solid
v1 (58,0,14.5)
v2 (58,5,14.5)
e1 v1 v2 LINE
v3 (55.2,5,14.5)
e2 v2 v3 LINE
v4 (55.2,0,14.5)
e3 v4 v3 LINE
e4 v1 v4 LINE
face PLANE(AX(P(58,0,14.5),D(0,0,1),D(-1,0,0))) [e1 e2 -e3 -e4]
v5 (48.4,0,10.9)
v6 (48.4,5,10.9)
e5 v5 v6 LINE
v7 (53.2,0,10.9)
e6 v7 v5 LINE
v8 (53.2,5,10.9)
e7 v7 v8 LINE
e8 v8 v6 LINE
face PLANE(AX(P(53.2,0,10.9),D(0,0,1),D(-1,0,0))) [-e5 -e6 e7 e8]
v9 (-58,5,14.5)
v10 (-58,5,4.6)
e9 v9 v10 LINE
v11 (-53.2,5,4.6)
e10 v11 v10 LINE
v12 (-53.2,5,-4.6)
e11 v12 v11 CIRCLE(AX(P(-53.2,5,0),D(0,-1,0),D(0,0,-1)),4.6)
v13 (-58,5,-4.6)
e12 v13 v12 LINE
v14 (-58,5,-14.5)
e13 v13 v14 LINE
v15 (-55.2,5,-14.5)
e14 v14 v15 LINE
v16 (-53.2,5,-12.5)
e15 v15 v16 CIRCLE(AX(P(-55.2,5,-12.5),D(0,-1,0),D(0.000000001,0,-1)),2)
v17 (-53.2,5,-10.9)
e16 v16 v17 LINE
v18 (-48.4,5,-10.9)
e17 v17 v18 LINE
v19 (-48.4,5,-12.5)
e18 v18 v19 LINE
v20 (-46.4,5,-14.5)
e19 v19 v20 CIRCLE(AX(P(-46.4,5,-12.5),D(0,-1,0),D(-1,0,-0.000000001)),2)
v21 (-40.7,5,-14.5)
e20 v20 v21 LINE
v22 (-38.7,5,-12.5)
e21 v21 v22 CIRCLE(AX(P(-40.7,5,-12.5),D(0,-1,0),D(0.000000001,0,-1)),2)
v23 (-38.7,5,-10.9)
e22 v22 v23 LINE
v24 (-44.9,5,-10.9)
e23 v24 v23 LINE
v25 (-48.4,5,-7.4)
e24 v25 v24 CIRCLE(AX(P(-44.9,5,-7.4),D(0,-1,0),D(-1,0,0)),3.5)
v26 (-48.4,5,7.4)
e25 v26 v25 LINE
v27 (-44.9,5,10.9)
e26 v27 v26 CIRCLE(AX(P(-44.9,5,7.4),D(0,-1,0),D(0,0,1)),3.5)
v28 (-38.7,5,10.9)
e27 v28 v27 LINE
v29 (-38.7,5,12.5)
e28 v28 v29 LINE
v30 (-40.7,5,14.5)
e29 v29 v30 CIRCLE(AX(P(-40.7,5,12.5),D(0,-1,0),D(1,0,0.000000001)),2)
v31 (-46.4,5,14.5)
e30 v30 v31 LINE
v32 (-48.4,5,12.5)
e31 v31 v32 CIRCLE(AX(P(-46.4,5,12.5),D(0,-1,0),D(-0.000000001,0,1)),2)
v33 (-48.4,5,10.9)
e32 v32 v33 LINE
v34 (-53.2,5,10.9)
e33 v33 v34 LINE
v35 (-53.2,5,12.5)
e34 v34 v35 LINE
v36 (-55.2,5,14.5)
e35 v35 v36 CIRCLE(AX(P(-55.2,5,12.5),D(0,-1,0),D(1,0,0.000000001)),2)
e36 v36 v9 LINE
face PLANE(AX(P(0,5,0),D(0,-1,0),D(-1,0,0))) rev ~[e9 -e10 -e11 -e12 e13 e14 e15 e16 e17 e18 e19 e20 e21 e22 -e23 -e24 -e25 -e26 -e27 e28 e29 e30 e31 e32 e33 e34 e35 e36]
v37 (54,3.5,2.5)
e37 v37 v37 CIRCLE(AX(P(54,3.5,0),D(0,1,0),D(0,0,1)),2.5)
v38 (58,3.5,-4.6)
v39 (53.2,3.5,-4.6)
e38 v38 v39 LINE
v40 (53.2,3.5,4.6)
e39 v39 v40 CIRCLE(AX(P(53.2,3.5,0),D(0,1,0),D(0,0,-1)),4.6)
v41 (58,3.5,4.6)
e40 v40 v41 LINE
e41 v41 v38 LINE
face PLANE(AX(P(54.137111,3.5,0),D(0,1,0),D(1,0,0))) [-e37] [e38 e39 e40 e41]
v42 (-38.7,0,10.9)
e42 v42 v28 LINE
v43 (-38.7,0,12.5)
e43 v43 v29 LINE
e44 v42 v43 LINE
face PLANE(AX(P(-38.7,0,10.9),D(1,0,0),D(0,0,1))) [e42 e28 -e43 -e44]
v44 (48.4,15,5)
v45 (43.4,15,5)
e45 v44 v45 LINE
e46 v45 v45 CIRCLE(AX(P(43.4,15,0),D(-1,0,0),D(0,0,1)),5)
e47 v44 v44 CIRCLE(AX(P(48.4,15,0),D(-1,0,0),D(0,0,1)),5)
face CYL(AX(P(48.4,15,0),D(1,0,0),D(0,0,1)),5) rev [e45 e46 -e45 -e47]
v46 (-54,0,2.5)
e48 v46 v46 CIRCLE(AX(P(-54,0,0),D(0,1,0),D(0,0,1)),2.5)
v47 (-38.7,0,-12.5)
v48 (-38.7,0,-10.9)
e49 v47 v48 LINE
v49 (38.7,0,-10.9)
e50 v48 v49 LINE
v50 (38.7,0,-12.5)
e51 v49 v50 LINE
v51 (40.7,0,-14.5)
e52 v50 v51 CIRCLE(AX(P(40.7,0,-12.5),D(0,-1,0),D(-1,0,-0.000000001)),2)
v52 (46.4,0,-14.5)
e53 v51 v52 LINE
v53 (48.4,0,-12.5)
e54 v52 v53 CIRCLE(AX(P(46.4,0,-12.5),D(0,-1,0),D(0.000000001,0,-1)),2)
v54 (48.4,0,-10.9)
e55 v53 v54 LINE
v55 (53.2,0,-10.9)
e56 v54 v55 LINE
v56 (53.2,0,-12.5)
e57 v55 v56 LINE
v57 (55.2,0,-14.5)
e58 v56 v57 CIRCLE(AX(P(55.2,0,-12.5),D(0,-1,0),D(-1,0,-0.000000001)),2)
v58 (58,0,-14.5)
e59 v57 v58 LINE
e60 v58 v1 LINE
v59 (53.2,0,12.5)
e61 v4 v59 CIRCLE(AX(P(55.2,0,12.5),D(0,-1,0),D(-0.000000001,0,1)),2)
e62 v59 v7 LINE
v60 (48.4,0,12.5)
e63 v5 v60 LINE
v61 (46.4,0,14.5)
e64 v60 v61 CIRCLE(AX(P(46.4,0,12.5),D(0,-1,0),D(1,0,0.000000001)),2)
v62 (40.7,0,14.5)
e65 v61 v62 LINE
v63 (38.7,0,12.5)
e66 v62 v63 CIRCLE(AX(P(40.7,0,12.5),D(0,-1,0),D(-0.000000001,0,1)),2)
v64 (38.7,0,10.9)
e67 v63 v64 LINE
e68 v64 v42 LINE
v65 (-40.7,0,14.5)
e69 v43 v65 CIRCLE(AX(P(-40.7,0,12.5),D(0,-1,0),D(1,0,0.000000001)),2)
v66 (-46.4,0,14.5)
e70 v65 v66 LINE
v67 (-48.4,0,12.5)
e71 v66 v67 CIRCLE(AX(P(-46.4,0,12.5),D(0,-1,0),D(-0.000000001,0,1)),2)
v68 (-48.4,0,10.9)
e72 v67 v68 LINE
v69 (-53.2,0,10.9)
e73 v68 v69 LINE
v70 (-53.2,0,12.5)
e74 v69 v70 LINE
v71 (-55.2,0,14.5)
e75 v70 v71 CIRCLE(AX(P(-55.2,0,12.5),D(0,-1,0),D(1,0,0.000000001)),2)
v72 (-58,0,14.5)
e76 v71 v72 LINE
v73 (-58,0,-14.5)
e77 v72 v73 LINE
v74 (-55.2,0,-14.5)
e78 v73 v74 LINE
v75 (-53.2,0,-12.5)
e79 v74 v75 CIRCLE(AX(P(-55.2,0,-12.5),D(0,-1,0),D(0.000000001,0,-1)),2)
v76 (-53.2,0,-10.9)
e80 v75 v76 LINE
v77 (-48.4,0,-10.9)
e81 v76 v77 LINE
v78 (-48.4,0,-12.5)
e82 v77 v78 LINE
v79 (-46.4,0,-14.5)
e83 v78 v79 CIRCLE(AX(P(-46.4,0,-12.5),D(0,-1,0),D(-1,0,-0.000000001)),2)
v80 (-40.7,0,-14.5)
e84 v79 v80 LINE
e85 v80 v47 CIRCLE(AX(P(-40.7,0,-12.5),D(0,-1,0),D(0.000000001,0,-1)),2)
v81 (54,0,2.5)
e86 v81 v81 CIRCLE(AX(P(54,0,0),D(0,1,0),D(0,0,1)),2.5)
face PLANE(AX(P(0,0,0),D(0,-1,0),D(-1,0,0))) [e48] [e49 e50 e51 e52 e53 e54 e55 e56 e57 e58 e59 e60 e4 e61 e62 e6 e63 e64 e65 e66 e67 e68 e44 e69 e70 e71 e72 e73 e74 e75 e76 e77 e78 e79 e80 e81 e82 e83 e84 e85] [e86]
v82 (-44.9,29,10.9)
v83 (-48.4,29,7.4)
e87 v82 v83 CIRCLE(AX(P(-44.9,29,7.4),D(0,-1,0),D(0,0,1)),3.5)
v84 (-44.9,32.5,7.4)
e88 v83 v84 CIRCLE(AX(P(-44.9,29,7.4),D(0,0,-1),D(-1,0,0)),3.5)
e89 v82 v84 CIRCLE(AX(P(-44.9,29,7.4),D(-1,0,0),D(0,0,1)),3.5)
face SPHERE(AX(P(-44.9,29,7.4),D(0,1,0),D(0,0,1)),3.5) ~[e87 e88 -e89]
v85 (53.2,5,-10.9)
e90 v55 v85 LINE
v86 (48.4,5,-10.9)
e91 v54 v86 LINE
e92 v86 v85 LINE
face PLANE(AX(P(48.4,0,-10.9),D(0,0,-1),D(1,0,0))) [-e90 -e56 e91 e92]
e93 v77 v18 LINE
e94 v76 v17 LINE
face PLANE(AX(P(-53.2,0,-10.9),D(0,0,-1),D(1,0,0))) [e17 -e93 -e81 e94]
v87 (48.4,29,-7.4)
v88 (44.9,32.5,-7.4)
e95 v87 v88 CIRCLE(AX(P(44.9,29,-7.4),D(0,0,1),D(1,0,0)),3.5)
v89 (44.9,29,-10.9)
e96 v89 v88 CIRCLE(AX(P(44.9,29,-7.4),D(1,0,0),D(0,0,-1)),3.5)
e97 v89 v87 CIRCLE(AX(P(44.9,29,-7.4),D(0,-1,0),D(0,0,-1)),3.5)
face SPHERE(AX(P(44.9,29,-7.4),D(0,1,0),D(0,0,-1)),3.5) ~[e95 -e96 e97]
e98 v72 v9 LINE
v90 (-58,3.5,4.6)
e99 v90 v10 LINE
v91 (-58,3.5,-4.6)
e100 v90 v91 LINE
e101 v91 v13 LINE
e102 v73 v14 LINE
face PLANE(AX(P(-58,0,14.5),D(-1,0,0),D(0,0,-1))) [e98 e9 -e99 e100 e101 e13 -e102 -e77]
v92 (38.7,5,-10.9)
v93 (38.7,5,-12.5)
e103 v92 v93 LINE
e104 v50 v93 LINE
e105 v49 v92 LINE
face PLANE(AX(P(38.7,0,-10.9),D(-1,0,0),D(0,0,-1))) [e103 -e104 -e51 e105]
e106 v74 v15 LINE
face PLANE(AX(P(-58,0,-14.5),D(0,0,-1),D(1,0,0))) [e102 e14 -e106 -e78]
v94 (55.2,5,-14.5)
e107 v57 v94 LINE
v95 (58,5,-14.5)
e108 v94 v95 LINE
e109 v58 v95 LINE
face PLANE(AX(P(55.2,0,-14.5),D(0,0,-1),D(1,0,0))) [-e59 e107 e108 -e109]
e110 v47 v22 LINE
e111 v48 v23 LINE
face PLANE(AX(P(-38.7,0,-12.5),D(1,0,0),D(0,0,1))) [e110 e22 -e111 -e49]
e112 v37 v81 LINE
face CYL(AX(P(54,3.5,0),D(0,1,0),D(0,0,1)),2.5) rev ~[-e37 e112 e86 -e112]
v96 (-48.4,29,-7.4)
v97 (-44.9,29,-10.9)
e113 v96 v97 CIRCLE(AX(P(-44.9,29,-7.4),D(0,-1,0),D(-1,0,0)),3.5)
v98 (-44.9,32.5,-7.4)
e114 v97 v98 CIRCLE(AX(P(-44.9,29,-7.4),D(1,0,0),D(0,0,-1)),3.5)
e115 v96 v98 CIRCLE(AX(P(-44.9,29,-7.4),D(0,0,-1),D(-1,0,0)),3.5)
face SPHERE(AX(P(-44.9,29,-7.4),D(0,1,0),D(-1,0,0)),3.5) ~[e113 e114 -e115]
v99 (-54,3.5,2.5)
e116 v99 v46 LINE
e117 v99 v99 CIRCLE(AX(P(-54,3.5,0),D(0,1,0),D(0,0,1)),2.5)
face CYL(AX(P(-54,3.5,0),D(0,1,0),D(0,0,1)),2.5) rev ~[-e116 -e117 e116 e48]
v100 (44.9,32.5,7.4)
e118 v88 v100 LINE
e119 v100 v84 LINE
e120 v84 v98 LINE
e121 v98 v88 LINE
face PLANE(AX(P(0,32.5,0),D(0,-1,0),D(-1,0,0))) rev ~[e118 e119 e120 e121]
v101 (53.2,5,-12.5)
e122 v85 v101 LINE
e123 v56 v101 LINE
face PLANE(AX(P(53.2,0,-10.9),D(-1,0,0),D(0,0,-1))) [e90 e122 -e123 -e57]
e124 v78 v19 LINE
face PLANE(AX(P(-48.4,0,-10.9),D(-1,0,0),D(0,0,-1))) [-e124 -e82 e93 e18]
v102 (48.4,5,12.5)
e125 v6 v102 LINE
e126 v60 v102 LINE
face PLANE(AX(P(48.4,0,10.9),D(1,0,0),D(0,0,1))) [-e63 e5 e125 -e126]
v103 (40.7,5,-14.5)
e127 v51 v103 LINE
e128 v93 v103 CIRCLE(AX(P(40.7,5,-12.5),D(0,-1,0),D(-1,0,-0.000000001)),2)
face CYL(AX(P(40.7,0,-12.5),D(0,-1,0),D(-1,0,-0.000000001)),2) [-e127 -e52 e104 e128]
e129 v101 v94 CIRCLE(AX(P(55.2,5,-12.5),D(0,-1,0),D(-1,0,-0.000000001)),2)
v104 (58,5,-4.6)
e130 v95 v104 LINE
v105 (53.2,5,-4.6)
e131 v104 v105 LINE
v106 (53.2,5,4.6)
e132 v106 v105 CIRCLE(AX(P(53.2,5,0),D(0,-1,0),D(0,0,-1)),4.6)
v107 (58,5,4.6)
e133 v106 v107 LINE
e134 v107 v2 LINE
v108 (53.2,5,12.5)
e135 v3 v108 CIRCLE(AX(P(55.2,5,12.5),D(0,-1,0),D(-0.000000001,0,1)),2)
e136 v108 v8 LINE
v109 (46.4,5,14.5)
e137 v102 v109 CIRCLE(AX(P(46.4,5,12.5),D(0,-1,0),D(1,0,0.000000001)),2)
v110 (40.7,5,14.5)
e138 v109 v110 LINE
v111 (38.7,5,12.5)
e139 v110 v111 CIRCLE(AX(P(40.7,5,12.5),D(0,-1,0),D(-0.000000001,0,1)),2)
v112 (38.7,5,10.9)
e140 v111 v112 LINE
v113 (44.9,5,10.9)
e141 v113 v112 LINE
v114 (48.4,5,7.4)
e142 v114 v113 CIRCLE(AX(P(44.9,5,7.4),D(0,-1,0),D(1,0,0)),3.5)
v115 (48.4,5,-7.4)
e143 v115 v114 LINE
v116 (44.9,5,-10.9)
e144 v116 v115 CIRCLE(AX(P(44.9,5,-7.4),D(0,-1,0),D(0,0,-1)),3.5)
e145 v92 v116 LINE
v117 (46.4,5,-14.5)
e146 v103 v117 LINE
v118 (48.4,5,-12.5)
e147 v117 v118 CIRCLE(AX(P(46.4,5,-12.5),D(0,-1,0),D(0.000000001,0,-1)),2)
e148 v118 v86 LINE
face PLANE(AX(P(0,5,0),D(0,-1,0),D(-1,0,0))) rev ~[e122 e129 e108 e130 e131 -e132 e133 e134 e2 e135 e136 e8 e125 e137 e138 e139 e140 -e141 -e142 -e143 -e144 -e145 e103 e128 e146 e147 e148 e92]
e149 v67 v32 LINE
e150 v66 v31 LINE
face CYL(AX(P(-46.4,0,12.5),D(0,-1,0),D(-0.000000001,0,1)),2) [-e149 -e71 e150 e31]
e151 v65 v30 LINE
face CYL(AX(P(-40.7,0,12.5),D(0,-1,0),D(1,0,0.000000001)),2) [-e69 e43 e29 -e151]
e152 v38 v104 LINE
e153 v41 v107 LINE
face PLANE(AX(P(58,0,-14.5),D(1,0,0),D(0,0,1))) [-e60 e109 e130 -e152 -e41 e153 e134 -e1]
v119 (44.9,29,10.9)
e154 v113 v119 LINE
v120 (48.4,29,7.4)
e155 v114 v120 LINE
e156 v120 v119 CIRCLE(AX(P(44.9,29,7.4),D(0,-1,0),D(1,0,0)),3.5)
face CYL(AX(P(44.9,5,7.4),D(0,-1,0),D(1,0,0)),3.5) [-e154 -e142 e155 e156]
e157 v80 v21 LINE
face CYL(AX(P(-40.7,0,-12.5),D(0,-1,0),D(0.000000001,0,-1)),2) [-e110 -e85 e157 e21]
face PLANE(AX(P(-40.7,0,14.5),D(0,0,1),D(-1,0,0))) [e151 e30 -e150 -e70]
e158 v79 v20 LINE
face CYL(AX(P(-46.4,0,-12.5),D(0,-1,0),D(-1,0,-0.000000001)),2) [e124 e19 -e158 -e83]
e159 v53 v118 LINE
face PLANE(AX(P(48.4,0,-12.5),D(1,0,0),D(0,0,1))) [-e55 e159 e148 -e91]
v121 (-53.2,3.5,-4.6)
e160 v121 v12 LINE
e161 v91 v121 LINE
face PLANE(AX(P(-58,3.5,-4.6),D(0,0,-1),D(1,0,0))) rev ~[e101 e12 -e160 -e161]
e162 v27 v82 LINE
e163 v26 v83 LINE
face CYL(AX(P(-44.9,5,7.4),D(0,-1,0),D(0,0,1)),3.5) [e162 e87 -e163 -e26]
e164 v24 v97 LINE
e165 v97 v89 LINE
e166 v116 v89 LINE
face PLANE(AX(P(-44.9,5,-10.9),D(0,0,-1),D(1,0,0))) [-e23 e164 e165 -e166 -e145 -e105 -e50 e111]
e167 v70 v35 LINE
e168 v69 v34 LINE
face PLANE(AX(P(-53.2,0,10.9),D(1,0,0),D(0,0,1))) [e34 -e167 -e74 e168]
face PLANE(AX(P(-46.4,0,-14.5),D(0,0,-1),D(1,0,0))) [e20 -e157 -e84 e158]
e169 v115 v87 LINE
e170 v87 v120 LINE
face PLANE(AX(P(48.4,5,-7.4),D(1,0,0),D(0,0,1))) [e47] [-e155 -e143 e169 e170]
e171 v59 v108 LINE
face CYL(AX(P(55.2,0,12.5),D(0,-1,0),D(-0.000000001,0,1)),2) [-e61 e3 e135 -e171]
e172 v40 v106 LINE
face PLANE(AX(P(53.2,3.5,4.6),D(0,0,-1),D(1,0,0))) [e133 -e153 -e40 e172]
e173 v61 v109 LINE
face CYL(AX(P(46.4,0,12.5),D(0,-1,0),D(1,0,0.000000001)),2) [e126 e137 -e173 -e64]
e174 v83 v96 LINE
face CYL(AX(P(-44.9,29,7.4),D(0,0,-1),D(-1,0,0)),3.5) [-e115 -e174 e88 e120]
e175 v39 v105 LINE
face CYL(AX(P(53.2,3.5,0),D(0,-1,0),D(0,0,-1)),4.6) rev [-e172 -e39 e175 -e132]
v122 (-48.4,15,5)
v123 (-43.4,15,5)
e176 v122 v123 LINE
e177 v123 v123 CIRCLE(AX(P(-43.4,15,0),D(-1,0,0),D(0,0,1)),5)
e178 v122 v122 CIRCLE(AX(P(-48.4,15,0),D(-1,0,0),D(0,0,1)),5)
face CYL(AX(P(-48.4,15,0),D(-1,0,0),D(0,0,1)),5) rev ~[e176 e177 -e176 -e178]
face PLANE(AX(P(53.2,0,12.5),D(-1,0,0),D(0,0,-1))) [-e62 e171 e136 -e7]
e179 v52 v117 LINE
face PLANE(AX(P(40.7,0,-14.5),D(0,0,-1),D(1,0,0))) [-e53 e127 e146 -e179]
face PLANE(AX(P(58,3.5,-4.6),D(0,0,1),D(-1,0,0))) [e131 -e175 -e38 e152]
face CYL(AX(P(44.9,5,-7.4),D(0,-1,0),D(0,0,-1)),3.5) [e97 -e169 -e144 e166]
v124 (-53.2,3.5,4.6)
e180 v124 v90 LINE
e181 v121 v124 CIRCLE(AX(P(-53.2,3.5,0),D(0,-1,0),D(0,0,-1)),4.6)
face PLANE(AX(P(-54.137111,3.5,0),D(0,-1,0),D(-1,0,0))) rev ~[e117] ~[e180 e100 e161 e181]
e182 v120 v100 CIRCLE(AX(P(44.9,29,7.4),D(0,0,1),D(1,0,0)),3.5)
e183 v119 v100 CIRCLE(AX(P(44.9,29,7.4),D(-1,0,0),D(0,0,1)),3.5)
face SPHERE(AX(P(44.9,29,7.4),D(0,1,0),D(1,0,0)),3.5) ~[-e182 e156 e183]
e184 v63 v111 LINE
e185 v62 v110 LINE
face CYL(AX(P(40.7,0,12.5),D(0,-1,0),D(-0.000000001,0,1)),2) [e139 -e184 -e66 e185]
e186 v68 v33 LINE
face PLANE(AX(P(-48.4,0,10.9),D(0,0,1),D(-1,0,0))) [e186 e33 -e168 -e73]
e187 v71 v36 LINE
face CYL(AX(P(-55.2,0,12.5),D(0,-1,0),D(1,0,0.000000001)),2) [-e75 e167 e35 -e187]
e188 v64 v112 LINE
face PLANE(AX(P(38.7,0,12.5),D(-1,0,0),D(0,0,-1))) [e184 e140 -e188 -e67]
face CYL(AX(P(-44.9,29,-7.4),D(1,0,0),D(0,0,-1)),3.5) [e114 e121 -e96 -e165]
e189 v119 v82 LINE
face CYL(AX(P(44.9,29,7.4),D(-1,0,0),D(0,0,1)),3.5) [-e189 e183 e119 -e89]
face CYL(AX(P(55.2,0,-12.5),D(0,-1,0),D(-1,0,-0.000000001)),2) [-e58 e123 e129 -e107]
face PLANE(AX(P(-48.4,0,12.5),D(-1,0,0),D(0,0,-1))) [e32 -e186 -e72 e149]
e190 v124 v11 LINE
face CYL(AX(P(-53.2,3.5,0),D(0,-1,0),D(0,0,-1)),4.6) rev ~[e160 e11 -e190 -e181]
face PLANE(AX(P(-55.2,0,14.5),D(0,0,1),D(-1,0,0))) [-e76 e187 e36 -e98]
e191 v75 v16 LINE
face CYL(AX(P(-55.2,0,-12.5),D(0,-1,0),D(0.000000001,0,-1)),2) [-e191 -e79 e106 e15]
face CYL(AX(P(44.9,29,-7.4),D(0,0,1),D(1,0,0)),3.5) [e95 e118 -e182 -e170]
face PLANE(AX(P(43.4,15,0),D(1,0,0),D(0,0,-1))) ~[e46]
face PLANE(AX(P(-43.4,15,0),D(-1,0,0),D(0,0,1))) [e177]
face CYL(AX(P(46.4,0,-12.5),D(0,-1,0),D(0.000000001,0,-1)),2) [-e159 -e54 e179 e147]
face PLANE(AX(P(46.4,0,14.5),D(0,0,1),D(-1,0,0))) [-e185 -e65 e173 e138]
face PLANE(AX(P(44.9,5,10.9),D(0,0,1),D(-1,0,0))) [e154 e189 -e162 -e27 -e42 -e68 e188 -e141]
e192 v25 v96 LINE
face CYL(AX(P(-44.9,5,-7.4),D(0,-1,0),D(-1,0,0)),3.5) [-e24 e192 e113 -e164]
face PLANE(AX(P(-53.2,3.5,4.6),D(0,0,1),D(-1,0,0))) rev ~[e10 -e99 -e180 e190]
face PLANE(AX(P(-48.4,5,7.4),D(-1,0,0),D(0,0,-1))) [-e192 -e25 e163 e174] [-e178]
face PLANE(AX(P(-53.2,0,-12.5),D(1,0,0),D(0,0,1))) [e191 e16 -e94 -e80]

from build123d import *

# Parameters (mm, degrees)
EXTRUDE_2_DEPTH          = 5
EXTRUDE_3_DEPTH          = 27.5
FILLET_1_R               = 3.5
SKETCH_4_R               = 5
CUT_EXTRUDE_1_DEPTH      = 5
CUT_EXTRUDE_2_DEPTH      = 66.80653463
CUT_EXTRUDE_2_DEPTH_BACK = 1.5
SKETCH_6_R               = 2.5
CUT_EXTRUDE_3_DEPTH      = 10


with BuildPart() as part:
    # ｽｹｯﾁ1 → ﾎﾞｽ - 押し出し2 (new body)
    with BuildSketch(Plane(origin=(0, 0, 0), x_dir=(1, 0, 0), z_dir=(0, 1, 0))):
        with BuildLine():
            Line((-58, -14.5), (-58, 14.5))
            Line((-58, 14.5), (-55.2, 14.5))
            ThreePointArc((-55.2, 14.5), (-53.785786438, 13.914213562), (-53.2, 12.5))
            Line((-53.2, 12.5), (-53.2, 10.9))
            Line((-53.2, 10.9), (-48.4, 10.9))
            Line((-48.4, 10.9), (-48.4, 12.5))
            ThreePointArc((-48.4, 12.5), (-47.814213562, 13.914213562), (-46.4, 14.5))
            Line((-46.4, 14.5), (-40.7, 14.5))
            ThreePointArc((-40.7, 14.5), (-39.285786438, 13.914213562), (-38.7, 12.5))
            Line((-38.7, 12.5), (-38.7, 10.9))
            Line((-38.7, 10.9), (38.7, 10.9))
            Line((38.7, 10.9), (38.7, 12.5))
            ThreePointArc((38.7, 12.5), (39.285786438, 13.914213562), (40.7, 14.5))
            Line((40.7, 14.5), (46.4, 14.5))
            ThreePointArc((46.4, 14.5), (47.814213562, 13.914213562), (48.4, 12.5))
            Line((48.4, 12.5), (48.4, 10.9))
            Line((48.4, 10.9), (53.2, 10.9))
            Line((53.2, 10.9), (53.2, 12.5))
            ThreePointArc((53.2, 12.5), (53.785786438, 13.914213562), (55.2, 14.5))
            Line((55.2, 14.5), (58, 14.5))
            Line((58, 14.5), (58, -14.5))
            Line((58, -14.5), (55.2, -14.5))
            ThreePointArc((55.2, -14.5), (53.785786438, -13.914213562), (53.2, -12.5))
            Line((53.2, -12.5), (53.2, -10.9))
            Line((53.2, -10.9), (48.4, -10.9))
            Line((48.4, -10.9), (48.4, -12.5))
            ThreePointArc((48.4, -12.5), (47.814213562, -13.914213562), (46.4, -14.5))
            Line((46.4, -14.5), (40.7, -14.5))
            ThreePointArc((40.7, -14.5), (39.285786438, -13.914213562), (38.7, -12.5))
            Line((38.7, -12.5), (38.7, -10.9))
            Line((38.7, -10.9), (-38.7, -10.9))
            Line((-38.7, -10.9), (-38.7, -12.5))
            ThreePointArc((-38.7, -12.5), (-39.285786438, -13.914213562), (-40.7, -14.5))
            Line((-40.7, -14.5), (-46.4, -14.5))
            ThreePointArc((-46.4, -14.5), (-47.814213562, -13.914213562), (-48.4, -12.5))
            Line((-48.4, -12.5), (-48.4, -10.9))
            Line((-48.4, -10.9), (-53.2, -10.9))
            Line((-53.2, -10.9), (-53.2, -12.5))
            ThreePointArc((-53.2, -12.5), (-53.785786438, -13.914213562), (-55.2, -14.5))
            Line((-55.2, -14.5), (-58, -14.5))
        make_face()
    extrude(amount=EXTRUDE_2_DEPTH)

    # ｽｹｯﾁ3 → ﾎﾞｽ - 押し出し3 (add)
    with BuildSketch(Plane(origin=(0, 5, 0), x_dir=(1, 0, 0), z_dir=(0, 1, 0))):
        with BuildLine():
            Line((-44.9, 10.9), (44.9, 10.9))
            ThreePointArc((44.9, 10.9), (47.374873734, 9.874873734), (48.4, 7.4))
            Line((48.4, 7.4), (48.4, -7.4))
            ThreePointArc((48.4, -7.4), (47.374873734, -9.874873734), (44.9, -10.9))
            Line((44.9, -10.9), (-44.9, -10.9))
            ThreePointArc((-44.9, -10.9), (-47.374873734, -9.874873734), (-48.4, -7.4))
            Line((-48.4, -7.4), (-48.4, 7.4))
            ThreePointArc((-48.4, 7.4), (-47.374873734, 9.874873734), (-44.9, 10.9))
        make_face()
    extrude(amount=EXTRUDE_3_DEPTH)

    # ﾌｨﾚｯﾄ1
    fillet_1_edges = [part.edges().sort_by_distance(p)[0] for p in [
        (47.374873734, 32.5, -9.874873734),
        (0, 32.5, -10.9),
        (-47.374873734, 32.5, -9.874873734),
        (-48.4, 32.5, 0),
        (-47.374873734, 32.5, 9.874873734),
        (0, 32.5, 10.9),
        (47.374873734, 32.5, 9.874873734),
        (48.4, 32.5, 0),
    ]]
    fillet(fillet_1_edges, radius=FILLET_1_R)

    # ｽｹｯﾁ4 → ｶｯﾄ - 押し出し1 (cut)
    with BuildSketch(Plane.ZY.offset(48.4)):
        with Locations((0, 15)):
            Circle(SKETCH_4_R)
    cut_extrude_1 = extrude(amount=-CUT_EXTRUDE_1_DEPTH, mode=Mode.SUBTRACT)

    # ﾐﾗｰ1: ｶｯﾄ - 押し出し1 across plane
    add(cut_extrude_1.mirror(Plane(origin=(0, 0, 0), x_dir=(0, 0, 1), z_dir=(1, 0, 0))), mode=Mode.SUBTRACT)

    # ｽｹｯﾁ5 → ｶｯﾄ - 押し出し2 (cut, two sides: drawn at the far end of the back side and taken through both)
    with BuildSketch(Plane(origin=(0, 5, 0), x_dir=(1, 0, 0), z_dir=(0, 1, 0)).offset(-CUT_EXTRUDE_2_DEPTH_BACK)):
        with BuildLine():
            Line((-53.2, -4.6), (-58, -4.6))
            Line((-58, -4.6), (-58, 4.6))
            Line((-58, 4.6), (-53.2, 4.6))
            ThreePointArc((-53.2, 4.6), (-48.6, 0), (-53.2, -4.6))
        make_face()
        with BuildLine():
            Line((58, -4.6), (58, 4.6))
            Line((58, 4.6), (53.2, 4.6))
            ThreePointArc((53.2, 4.6), (48.6, 0), (53.2, -4.6))
            Line((53.2, -4.6), (58, -4.6))
        make_face()
    extrude(amount=CUT_EXTRUDE_2_DEPTH + CUT_EXTRUDE_2_DEPTH_BACK, mode=Mode.SUBTRACT)

    # ｽｹｯﾁ6 → ｶｯﾄ - 押し出し3 (cut)
    with BuildSketch(Plane(origin=(0, 3.5, 0), x_dir=(1, 0, 0), z_dir=(0, 1, 0))):
        with Locations(Location((-54, 0, 0), (0, 0, 270))):
            Circle(SKETCH_6_R)
        with Locations(Location((54, 0, 0), (0, 0, 270))):
            Circle(SKETCH_6_R)
    extrude(amount=-CUT_EXTRUDE_3_DEPTH, mode=Mode.SUBTRACT)


solid = part.part
